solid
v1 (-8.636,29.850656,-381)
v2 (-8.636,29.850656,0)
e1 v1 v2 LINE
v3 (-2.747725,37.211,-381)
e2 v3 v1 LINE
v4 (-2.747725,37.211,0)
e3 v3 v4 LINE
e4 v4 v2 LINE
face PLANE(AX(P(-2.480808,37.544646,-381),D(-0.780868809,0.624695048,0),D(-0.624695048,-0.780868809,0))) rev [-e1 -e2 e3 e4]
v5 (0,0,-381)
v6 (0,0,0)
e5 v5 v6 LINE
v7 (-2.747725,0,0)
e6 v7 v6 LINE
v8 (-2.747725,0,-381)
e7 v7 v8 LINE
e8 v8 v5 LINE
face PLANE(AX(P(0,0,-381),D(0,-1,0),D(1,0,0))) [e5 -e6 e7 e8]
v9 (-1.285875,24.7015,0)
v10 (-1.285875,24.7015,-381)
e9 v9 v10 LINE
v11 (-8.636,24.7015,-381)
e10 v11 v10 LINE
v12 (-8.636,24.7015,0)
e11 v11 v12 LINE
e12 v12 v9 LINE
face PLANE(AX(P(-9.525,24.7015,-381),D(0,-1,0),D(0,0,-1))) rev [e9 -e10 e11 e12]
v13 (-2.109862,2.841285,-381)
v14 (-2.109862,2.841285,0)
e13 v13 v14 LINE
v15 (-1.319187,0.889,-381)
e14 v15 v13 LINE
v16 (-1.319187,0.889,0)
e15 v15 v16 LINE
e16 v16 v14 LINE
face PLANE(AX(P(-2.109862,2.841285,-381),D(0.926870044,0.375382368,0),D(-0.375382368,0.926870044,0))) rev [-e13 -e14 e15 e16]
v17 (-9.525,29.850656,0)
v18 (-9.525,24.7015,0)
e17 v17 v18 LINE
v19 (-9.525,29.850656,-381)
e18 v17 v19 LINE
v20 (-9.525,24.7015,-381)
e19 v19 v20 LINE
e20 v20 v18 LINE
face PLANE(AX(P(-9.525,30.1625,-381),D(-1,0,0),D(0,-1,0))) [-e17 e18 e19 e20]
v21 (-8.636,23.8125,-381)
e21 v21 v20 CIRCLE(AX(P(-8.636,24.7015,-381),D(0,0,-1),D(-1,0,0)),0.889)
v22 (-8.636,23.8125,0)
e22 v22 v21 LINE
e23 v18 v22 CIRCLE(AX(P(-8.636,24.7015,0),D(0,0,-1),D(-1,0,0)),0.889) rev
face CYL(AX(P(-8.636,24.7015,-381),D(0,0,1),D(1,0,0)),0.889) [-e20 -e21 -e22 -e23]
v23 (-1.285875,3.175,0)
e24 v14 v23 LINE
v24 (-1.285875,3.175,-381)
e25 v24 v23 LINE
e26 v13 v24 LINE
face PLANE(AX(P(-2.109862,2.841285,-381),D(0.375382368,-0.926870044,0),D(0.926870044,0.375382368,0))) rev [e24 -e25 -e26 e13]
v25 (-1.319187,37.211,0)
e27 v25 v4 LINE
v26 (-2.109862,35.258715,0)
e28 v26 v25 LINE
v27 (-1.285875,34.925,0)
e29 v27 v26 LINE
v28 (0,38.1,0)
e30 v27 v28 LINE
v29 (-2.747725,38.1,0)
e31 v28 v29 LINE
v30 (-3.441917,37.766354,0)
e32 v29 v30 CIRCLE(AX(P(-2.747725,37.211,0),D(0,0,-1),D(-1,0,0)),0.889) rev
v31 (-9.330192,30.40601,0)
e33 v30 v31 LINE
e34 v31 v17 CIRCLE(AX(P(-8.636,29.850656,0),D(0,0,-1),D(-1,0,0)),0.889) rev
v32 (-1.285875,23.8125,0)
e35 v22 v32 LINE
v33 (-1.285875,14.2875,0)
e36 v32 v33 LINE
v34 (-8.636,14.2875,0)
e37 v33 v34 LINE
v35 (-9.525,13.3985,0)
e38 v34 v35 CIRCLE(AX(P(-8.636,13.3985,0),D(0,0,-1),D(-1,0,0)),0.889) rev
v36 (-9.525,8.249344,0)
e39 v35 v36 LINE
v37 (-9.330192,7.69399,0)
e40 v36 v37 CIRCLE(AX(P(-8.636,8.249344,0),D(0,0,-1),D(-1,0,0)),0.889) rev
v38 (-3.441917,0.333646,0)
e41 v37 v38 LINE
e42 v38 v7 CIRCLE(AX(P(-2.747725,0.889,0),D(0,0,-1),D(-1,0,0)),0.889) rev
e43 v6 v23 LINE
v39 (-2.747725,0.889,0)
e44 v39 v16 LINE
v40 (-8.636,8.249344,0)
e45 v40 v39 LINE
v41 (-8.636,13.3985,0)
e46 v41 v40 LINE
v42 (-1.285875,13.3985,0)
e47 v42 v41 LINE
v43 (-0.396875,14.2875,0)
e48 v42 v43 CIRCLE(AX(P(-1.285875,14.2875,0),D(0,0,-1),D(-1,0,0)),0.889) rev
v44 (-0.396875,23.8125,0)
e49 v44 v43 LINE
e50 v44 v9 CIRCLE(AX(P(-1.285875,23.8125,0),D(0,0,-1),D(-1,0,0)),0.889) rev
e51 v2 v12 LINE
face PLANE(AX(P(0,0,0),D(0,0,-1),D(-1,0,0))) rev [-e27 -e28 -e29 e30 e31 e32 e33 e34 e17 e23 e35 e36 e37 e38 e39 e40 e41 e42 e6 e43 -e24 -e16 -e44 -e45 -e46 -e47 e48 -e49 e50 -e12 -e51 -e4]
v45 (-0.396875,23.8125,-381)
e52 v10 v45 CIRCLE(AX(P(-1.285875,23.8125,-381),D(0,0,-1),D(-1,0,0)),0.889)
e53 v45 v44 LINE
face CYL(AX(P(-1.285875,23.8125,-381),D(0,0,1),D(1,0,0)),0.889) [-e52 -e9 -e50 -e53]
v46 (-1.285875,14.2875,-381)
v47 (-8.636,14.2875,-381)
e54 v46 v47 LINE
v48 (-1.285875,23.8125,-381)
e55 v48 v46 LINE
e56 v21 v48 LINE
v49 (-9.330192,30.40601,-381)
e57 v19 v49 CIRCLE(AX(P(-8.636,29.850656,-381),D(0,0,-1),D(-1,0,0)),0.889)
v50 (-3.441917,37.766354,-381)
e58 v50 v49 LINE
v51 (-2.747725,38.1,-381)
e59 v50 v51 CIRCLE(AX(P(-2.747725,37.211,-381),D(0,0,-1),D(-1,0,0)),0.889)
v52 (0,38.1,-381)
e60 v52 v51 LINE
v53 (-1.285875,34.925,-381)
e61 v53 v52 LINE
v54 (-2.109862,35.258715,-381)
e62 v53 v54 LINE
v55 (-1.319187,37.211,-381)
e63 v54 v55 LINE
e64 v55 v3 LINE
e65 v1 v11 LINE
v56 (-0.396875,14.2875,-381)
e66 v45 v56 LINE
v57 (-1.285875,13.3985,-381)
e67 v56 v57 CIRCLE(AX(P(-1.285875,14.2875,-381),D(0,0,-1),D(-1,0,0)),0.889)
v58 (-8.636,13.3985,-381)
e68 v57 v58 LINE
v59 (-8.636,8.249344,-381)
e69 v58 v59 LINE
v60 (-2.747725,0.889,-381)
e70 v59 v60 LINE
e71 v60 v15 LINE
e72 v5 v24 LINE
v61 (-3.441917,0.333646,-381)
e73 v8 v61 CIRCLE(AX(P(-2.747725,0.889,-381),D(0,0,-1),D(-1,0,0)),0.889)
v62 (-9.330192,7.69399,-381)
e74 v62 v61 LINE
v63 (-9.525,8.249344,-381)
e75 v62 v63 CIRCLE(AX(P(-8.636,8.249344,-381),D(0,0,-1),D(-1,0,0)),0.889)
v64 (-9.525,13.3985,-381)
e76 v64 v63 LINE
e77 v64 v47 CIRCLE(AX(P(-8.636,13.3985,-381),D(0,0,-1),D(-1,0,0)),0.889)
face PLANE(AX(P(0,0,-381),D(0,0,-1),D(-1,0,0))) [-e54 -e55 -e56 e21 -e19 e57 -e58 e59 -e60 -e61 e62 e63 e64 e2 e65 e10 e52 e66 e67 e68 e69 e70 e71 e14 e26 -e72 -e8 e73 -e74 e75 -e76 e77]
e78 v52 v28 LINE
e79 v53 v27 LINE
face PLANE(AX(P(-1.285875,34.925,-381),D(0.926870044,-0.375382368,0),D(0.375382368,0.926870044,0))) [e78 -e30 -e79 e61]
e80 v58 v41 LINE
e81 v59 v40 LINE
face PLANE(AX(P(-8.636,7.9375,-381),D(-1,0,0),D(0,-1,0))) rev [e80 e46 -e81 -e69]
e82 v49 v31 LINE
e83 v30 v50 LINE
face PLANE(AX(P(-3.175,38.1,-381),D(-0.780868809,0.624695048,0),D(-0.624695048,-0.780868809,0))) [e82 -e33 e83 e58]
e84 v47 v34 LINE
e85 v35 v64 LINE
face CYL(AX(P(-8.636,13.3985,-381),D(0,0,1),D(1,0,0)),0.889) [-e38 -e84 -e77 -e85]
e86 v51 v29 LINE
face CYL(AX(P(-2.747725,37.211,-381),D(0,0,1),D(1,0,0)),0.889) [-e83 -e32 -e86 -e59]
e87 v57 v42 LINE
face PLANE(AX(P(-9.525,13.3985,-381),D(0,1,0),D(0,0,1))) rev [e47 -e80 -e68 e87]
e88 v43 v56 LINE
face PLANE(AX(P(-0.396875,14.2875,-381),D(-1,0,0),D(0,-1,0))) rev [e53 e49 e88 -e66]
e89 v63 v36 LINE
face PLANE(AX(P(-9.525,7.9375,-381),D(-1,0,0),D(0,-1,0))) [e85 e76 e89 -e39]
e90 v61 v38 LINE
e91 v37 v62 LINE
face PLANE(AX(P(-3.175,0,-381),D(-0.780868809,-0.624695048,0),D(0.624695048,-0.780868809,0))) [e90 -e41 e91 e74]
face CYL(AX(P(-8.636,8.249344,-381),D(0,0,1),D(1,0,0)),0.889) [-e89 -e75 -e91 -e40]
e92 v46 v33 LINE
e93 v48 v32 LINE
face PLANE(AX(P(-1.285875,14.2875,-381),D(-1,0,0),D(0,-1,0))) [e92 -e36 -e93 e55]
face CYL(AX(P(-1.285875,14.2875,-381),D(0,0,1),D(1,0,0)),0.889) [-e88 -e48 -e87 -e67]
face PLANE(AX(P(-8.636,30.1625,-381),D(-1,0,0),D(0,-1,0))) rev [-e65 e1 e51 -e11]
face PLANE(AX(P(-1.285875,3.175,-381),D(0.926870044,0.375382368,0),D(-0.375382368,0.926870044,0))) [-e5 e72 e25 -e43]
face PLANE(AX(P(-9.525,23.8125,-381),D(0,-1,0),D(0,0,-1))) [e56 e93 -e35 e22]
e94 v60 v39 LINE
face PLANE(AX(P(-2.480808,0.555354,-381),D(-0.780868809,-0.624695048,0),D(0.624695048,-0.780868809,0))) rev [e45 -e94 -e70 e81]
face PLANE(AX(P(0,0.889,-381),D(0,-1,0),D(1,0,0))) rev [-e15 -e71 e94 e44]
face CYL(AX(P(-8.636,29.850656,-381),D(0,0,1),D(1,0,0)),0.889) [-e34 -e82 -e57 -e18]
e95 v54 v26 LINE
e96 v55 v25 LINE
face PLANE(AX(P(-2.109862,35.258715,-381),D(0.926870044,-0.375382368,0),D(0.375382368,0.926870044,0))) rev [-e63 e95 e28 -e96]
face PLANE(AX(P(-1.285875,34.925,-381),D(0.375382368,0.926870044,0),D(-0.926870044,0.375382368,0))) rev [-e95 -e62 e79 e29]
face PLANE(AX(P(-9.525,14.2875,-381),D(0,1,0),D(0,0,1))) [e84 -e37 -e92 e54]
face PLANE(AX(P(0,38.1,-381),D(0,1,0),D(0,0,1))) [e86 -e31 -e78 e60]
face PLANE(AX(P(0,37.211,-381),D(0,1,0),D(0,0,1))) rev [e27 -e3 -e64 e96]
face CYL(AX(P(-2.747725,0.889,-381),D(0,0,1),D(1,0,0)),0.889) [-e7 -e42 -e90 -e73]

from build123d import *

# Parameters (mm, degrees)
EXTRUDE_THIN1_DEPTH = 381
FILLET1_R           = 0.889


with BuildPart() as part:
    # Sketch1 → Extrude-Thin1 (new body)
    with BuildSketch(Plane.XY):
        Polygon((-1.285875, 3.175), (0, 0), (-3.175, 0), (-9.525, 7.9375), (-9.525, 14.2875), (-1.285875, 14.2875), (-1.285875, 23.8125), (-9.525, 23.8125), (-9.525, 30.1625), (-3.175, 38.1), (0, 38.1), (-1.285875, 34.925), (-2.109862469, 35.258714925), (-1.319187013, 37.211), (-2.747724511, 37.211), (-8.636, 29.850655638), (-8.636, 24.7015), (-0.396875, 24.7015), (-0.396875, 13.3985), (-8.636, 13.3985), (-8.636, 8.249344362), (-2.747724511, 0.889), (-1.319187013, 0.889), (-2.109862469, 2.841285075), align=None)
    extrude(amount=-EXTRUDE_THIN1_DEPTH)

    # Fillet1
    fillet1_edges = [part.edges().sort_by_distance(p)[0] for p in [
        (-3.175, 0, -190.5),
        (-9.525, 7.9375, -190.5),
        (-9.525, 14.2875, -190.5),
        (-9.525, 23.8125, -190.5),
        (-9.525, 30.1625, -190.5),
        (-3.175, 38.1, -190.5),
        (-0.396875, 24.7015, -190.5),
        (-0.396875, 13.3985, -190.5),
    ]]
    fillet(fillet1_edges, radius=FILLET1_R)


solid = part.part
